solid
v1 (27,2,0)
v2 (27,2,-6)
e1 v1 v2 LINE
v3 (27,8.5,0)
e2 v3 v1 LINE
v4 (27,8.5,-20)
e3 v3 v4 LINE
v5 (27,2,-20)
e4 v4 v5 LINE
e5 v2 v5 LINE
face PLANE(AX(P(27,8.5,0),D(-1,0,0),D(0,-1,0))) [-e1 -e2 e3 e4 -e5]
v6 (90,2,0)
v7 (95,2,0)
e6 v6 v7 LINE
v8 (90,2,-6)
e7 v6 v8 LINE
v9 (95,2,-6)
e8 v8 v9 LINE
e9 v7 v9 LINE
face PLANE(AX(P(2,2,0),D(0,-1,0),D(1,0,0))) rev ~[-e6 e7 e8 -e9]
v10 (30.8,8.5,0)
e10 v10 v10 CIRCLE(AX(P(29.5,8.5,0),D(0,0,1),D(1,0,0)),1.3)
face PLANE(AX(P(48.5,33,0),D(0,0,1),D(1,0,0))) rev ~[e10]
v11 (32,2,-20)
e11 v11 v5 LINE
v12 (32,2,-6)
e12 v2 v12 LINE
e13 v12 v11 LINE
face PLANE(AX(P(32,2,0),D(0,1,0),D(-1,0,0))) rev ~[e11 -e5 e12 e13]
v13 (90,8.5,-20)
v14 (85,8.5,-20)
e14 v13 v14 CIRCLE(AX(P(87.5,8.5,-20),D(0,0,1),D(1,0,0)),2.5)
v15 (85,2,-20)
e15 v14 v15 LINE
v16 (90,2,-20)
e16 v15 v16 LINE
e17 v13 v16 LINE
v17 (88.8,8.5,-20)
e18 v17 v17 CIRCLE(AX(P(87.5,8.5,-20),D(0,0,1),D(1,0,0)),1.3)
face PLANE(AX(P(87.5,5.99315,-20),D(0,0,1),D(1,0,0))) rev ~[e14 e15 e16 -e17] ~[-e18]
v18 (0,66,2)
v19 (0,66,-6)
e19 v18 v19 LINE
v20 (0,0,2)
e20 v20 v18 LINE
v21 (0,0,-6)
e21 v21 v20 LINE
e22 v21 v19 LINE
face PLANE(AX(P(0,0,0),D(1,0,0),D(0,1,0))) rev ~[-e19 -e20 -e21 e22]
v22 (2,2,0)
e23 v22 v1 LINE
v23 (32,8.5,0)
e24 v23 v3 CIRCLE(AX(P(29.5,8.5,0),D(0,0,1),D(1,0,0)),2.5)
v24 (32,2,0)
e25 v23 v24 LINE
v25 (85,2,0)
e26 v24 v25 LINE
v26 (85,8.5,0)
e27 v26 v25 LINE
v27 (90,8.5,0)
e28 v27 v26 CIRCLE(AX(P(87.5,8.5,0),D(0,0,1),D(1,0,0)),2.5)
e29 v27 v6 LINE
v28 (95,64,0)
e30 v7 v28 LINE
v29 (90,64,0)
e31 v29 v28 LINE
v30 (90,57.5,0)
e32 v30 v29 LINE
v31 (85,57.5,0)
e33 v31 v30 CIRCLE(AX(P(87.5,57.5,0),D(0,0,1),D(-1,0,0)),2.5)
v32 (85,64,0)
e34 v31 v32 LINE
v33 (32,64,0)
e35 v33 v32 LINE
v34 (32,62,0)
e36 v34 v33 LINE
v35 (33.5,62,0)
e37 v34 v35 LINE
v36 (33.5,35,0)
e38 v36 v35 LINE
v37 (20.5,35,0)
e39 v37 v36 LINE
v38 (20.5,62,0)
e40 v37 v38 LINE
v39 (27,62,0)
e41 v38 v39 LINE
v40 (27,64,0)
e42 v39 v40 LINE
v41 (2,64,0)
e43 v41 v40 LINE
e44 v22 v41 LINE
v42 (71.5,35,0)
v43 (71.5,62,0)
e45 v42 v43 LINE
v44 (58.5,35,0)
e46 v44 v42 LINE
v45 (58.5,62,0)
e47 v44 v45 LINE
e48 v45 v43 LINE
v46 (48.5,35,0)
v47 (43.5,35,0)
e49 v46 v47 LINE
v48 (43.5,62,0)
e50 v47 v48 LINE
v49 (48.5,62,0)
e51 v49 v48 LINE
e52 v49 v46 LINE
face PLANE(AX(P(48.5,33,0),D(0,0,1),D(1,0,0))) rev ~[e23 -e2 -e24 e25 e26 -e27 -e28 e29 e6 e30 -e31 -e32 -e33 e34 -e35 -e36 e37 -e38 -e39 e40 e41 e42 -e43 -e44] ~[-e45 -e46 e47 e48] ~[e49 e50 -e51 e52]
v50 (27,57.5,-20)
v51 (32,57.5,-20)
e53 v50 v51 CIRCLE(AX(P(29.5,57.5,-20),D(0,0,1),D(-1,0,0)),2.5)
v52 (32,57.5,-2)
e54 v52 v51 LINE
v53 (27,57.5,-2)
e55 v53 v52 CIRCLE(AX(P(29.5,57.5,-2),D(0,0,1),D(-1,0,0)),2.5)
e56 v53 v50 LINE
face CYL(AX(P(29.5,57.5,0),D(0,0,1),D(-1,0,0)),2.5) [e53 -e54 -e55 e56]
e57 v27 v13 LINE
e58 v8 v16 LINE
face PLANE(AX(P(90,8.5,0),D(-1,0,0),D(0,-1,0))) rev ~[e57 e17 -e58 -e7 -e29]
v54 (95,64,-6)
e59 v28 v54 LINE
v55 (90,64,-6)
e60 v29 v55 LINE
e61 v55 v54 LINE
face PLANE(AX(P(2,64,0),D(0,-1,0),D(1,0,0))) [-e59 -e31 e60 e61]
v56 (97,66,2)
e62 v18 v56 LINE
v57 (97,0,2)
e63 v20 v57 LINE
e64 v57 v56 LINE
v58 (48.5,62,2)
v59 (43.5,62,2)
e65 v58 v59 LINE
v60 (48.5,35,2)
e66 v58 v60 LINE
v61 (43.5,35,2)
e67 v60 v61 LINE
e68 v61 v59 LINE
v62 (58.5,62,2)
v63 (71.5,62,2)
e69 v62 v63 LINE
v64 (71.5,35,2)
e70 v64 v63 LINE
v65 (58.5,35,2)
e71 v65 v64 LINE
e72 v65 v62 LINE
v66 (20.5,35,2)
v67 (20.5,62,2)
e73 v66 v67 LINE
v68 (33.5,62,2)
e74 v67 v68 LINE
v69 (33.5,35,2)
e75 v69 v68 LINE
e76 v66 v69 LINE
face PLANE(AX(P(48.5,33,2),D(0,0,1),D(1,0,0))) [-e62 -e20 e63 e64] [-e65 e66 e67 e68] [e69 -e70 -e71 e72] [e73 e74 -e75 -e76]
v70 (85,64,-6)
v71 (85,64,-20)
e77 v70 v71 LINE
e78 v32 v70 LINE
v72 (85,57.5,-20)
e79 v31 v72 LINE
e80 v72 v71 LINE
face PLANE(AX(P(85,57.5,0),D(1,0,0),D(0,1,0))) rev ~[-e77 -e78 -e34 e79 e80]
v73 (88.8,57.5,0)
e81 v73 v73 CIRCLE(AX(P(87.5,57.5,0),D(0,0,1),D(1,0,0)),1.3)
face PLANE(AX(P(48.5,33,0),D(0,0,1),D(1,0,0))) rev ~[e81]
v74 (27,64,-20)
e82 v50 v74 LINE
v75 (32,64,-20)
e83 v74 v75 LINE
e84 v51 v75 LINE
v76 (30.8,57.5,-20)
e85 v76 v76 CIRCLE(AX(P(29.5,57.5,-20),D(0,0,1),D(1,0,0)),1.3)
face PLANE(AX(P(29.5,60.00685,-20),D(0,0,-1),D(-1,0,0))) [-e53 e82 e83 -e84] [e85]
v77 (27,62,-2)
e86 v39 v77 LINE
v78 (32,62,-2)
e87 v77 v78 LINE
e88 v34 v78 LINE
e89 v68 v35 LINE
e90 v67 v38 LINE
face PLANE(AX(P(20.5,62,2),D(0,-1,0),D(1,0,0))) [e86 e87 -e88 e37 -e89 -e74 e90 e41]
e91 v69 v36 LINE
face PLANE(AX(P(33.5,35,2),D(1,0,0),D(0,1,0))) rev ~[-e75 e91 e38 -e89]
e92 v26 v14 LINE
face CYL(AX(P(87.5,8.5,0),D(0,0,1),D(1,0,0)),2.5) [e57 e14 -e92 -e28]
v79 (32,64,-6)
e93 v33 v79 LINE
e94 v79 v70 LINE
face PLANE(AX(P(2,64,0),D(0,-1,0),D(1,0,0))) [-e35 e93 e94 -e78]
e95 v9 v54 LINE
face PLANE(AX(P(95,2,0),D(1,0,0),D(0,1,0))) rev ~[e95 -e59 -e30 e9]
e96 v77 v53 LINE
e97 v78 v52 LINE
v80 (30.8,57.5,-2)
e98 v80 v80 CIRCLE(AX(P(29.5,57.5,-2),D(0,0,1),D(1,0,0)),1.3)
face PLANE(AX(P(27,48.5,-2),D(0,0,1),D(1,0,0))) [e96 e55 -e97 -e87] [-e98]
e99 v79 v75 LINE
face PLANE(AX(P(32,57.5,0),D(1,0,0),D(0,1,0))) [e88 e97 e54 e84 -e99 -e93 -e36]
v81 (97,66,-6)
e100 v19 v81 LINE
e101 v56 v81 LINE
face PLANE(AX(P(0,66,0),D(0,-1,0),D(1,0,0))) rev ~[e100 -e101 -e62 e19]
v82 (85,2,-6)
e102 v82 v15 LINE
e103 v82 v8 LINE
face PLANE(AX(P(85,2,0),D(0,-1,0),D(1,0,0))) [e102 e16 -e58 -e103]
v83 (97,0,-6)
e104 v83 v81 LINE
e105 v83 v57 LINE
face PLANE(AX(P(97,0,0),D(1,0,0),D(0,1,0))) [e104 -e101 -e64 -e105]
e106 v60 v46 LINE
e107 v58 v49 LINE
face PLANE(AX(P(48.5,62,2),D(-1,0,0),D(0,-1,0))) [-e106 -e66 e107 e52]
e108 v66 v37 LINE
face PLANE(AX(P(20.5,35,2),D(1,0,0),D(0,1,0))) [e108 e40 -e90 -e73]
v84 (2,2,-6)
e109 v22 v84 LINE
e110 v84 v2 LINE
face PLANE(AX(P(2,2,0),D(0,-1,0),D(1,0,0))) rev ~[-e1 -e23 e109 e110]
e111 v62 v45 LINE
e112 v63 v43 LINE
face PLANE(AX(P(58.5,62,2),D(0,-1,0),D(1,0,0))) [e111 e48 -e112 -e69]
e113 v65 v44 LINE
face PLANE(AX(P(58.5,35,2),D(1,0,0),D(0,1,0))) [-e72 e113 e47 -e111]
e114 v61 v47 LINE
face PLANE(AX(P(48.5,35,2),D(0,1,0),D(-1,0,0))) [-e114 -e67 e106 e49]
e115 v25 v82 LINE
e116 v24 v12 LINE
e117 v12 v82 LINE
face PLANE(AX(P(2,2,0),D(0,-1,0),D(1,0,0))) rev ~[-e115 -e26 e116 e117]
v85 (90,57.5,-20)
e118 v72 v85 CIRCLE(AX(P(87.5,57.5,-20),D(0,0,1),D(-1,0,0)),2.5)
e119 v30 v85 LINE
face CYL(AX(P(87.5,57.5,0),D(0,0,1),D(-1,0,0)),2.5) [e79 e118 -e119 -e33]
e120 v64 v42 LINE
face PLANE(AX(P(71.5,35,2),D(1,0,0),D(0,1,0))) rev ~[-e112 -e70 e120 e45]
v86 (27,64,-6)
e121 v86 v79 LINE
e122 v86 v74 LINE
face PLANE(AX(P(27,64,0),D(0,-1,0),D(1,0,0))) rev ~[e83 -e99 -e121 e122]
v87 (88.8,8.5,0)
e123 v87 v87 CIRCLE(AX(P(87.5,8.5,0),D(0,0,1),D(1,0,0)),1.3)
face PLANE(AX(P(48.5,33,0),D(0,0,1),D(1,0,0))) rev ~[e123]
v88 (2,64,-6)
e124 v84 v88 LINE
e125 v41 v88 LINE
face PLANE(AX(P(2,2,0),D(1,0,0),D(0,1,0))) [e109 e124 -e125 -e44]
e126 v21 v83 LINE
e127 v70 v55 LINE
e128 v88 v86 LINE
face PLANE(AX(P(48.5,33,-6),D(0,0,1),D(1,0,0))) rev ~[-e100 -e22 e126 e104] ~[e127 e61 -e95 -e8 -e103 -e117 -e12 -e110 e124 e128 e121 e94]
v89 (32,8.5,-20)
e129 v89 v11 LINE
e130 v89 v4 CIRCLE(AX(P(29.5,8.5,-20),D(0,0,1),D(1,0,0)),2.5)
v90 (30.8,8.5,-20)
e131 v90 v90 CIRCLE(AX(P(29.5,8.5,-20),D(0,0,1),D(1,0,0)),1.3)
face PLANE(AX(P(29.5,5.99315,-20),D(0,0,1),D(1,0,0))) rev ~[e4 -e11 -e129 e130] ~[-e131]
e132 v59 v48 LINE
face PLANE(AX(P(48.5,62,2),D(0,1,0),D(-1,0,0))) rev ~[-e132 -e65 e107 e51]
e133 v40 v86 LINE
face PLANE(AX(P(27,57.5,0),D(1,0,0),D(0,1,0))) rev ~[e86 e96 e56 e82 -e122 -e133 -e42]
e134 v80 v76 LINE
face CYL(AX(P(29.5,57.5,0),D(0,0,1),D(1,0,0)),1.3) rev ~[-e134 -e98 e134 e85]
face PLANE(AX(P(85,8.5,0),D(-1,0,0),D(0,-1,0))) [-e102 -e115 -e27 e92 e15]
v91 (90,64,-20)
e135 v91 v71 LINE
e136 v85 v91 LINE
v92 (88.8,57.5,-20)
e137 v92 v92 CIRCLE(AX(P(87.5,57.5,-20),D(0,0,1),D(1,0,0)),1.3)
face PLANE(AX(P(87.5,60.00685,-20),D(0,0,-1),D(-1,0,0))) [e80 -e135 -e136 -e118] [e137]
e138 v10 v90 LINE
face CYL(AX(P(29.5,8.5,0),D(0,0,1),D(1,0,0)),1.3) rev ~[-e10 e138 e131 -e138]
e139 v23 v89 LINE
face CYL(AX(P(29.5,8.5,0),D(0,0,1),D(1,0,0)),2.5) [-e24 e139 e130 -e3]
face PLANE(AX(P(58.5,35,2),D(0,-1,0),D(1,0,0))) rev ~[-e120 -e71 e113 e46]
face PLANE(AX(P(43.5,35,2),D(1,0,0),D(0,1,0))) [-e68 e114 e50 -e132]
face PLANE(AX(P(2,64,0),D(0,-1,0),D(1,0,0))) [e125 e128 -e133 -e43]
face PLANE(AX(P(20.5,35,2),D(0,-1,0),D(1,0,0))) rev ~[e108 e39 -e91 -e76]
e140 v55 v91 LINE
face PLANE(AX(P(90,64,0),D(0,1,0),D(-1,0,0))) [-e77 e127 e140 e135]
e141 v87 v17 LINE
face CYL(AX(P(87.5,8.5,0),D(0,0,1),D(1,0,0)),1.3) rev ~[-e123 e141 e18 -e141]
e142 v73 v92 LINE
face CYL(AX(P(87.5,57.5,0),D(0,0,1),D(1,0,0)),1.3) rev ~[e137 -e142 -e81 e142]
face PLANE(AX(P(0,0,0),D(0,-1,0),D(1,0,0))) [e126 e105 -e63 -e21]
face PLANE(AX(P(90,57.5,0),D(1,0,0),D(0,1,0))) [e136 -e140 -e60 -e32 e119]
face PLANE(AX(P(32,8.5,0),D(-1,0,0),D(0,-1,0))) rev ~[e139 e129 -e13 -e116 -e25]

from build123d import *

# Parameters (mm, degrees)
BOX_W           = 97
BOX_H           = 66
BOX_DEPTH       = 2
SKETCH015_W     = 97
SKETCH015_H     = 66
SKETCH015_W_2   = 93
SKETCH015_H_2   = 62
PAD012_DEPTH    = 6
SKETCH016_R     = 1.3
PAD013_DEPTH    = 20
SKETCH014_W     = 13
SKETCH014_H     = 27
POCKET004_DEPTH = 4


with BuildPart() as part:
    # Box → Box (join)
    with BuildSketch(Plane.XY):
        with Locations((48.5, 33)):
            Rectangle(BOX_W, BOX_H)
    extrude(amount=BOX_DEPTH)

    # Sketch015 → Pad012 (join)
    with BuildSketch(Plane.XY):
        with Locations((48.5, 33)):
            Rectangle(SKETCH015_W, SKETCH015_H)
        with Locations((48.5, 33)):
            Rectangle(SKETCH015_W_2, SKETCH015_H_2, mode=Mode.SUBTRACT)
    extrude(amount=-PAD012_DEPTH)

    # Sketch016 → Pad013 (join)
    with BuildSketch(Plane.XY):
        with BuildLine():
            Line((27, 57.5), (27, 64))
            Line((27, 64), (32, 64))
            Line((32, 57.5), (32, 64))
            ThreePointArc((27, 57.5), (29.5, 55), (32, 57.5))
        make_face()
        with Locations((29.5, 57.5)):
            Circle(SKETCH016_R, mode=Mode.SUBTRACT)
        with BuildLine():
            Line((85, 57.5), (85, 64))
            Line((90, 64), (85, 64))
            Line((90, 57.5), (90, 64))
            ThreePointArc((85, 57.5), (87.5, 55), (90, 57.5))
        make_face()
        with Locations((87.5, 57.5)):
            Circle(SKETCH016_R, mode=Mode.SUBTRACT)
        with BuildLine():
            ThreePointArc((90, 8.5), (87.5, 11), (85, 8.5))
            Line((85, 8.5), (85, 2))
            Line((85, 2), (90, 2))
            Line((90, 8.5), (90, 2))
        make_face()
        with Locations((87.5, 8.5)):
            Circle(SKETCH016_R, mode=Mode.SUBTRACT)
        with BuildLine():
            Line((27, 8.5), (27, 2))
            Line((32, 2), (27, 2))
            Line((32, 8.5), (32, 2))
            ThreePointArc((32, 8.5), (29.5, 11), (27, 8.5))
        make_face()
        with Locations((29.5, 8.5)):
            Circle(SKETCH016_R, mode=Mode.SUBTRACT)
    extrude(amount=-PAD013_DEPTH)

    # Sketch014 → Pocket004 (cut)
    with BuildSketch(Plane.XY.offset(2)):
        Polygon((48.5, 62), (48.5, 35), (43.5, 35), (43.5, 62), (46, 62), align=None)
        with Locations((27, 48.5)):
            Rectangle(SKETCH014_W, SKETCH014_H)
        with Locations((65, 48.5)):
            Rectangle(SKETCH014_W, SKETCH014_H)
    extrude(amount=-POCKET004_DEPTH, mode=Mode.SUBTRACT)


solid = part.part
